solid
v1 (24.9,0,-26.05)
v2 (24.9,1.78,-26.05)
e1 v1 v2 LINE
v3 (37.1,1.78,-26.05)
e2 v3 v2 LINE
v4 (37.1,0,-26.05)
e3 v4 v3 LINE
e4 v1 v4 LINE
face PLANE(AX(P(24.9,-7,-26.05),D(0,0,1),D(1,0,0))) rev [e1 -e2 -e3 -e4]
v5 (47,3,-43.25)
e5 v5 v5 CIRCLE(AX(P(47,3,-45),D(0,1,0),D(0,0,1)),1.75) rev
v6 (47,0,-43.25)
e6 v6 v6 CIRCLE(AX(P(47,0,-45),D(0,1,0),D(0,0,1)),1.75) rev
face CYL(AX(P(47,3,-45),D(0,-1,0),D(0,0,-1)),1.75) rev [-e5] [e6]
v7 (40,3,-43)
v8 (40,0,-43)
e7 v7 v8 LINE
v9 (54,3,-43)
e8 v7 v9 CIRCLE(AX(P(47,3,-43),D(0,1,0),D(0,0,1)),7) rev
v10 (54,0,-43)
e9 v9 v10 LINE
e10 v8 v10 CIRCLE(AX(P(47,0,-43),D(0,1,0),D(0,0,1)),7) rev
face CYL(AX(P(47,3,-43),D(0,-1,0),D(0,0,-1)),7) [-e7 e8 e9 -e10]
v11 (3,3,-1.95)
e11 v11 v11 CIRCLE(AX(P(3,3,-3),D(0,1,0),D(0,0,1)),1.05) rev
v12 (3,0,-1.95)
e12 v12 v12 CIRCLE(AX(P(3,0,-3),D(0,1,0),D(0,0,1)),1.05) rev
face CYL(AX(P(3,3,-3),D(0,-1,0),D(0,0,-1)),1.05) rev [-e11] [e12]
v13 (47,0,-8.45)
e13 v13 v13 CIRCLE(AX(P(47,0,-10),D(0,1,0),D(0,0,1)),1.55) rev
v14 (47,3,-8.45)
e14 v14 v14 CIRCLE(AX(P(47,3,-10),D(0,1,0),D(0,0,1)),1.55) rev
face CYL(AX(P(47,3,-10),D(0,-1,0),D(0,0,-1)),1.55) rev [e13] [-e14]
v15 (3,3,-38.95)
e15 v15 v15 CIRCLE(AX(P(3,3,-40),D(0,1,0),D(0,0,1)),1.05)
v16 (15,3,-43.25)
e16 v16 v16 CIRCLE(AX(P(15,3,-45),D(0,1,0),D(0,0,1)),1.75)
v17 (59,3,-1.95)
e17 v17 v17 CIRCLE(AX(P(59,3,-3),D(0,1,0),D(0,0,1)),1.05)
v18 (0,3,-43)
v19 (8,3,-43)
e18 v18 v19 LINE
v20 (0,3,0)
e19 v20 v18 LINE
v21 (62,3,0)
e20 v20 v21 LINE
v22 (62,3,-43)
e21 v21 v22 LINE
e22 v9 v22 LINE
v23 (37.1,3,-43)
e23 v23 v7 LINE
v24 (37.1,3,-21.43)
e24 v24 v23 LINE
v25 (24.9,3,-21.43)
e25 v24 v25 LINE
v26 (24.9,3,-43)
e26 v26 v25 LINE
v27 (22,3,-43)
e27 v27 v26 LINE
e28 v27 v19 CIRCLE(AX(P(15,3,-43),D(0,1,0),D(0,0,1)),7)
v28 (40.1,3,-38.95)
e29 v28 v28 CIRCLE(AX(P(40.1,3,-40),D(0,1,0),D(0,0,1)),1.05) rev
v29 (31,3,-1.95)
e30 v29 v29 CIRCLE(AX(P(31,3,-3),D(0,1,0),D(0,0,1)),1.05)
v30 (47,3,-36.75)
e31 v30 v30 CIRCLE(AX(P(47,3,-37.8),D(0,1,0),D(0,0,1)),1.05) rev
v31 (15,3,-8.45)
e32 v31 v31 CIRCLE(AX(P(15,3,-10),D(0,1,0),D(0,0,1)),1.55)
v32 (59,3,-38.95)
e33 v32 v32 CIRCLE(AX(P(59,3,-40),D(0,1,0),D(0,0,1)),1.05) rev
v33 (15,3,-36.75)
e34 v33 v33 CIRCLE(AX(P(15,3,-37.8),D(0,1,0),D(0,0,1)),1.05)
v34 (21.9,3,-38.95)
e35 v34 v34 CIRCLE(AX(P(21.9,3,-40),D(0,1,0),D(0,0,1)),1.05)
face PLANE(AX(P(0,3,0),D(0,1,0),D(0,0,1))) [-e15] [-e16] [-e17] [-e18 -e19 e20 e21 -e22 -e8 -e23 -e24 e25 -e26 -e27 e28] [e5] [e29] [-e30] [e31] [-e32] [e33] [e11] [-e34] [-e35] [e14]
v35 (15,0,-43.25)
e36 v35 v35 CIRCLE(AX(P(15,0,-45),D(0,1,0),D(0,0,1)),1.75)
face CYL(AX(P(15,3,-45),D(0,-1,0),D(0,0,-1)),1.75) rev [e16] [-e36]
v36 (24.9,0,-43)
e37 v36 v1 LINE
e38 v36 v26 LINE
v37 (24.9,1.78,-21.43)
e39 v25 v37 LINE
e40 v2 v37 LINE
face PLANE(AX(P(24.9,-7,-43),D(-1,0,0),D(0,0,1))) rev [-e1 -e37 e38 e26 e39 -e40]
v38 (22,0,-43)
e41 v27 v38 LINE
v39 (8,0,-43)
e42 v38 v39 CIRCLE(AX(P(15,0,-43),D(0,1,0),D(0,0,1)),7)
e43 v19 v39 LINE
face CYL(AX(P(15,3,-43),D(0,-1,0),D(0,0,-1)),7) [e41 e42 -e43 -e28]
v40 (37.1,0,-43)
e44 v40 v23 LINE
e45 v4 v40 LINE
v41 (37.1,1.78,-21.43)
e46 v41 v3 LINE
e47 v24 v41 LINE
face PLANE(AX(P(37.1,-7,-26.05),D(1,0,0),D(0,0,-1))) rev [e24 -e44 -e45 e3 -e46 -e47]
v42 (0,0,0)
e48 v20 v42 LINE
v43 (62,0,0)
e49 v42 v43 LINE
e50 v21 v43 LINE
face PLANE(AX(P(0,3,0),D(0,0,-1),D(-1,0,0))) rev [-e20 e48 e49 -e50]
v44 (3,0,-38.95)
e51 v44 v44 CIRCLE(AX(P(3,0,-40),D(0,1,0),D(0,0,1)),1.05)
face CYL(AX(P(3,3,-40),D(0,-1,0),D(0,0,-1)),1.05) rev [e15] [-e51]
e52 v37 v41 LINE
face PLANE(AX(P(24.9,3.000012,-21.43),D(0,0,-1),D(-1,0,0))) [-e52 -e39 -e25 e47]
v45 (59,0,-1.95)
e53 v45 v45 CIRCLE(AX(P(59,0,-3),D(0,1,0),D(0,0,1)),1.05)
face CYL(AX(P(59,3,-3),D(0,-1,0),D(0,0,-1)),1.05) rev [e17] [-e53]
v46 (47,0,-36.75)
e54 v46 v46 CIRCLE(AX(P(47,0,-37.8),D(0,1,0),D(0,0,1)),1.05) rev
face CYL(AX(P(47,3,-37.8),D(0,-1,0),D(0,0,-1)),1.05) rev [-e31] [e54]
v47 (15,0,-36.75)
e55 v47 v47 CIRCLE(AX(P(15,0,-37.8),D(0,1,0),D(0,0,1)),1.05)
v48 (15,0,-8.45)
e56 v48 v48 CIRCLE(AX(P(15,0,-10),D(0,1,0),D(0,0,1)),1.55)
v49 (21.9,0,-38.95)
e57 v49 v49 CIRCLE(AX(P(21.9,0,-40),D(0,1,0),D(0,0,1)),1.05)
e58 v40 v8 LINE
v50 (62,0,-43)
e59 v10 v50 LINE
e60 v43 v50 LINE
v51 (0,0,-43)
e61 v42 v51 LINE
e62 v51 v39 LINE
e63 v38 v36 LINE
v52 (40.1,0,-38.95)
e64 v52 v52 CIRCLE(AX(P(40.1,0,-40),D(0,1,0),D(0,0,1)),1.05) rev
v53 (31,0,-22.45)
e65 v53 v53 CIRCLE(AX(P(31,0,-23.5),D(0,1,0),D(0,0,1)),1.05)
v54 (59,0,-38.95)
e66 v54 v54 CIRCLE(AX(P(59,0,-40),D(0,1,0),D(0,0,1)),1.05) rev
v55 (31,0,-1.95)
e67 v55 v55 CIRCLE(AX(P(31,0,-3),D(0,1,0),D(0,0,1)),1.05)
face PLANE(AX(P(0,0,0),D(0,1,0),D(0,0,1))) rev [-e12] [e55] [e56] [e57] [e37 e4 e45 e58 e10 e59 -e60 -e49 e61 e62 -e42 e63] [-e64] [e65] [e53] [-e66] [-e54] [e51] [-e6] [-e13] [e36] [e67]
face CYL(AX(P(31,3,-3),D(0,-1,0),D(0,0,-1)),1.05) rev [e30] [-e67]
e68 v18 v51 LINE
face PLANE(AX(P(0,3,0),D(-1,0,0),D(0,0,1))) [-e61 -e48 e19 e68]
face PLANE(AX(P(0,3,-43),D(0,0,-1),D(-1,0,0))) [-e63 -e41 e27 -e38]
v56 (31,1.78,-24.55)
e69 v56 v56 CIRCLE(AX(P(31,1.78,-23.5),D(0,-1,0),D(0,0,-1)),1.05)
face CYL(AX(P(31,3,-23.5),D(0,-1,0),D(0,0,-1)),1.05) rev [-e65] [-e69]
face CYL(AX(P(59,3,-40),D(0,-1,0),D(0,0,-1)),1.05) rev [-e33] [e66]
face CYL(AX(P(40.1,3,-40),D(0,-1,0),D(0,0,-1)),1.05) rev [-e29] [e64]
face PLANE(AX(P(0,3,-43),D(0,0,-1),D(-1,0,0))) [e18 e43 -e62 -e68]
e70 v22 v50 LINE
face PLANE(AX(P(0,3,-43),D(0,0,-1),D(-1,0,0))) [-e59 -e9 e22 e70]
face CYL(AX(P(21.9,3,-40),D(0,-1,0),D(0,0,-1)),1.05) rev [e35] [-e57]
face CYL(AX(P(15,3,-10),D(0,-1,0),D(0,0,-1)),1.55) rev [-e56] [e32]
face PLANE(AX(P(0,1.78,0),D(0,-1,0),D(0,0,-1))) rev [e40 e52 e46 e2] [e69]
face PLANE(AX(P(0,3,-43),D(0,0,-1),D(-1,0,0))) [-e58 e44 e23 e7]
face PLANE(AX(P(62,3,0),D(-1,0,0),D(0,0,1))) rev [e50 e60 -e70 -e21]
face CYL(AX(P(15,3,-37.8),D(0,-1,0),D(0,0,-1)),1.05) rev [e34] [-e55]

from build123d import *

# Parameters (mm, degrees)
SKETCH_1_R               = 1.05
SKETCH_1_R_2             = 1.55
SKETCH_1_R_3             = 1.75
EXTRUDE_1_DEPTH          = 3
CUT_EXTRUDE_1_DEPTH      = 10
SKETCH_5_W               = 12.2
SKETCH_5_H               = 4.62
CUT_EXTRUDE_3_DEPTH      = 1
CUT_EXTRUDE_3_DEPTH_BACK = 1.22


with BuildPart() as part:
    # 草图1 → 凸台-拉伸1 (new body)
    with BuildSketch(Plane(origin=(0, 0, 0), x_dir=(1, 0, 0), z_dir=(0, 1, 0))):
        with BuildLine():
            Line((0, 43), (0, 0))
            Line((0, 0), (62, 0))
            Line((62, 0), (62, 43))
            Line((62, 43), (54, 43))
            ThreePointArc((54, 43), (47, 50), (40, 43))
            Line((40, 43), (22, 43))
            ThreePointArc((22, 43), (15, 50), (8, 43))
            Line((8, 43), (0, 43))
        make_face()
        with Locations((3, 3)):
            Circle(SKETCH_1_R, mode=Mode.SUBTRACT)
        with Locations((15, 10)):
            Circle(SKETCH_1_R_2, mode=Mode.SUBTRACT)
        with Locations((31, 3)):
            Circle(SKETCH_1_R, mode=Mode.SUBTRACT)
        with Locations((59, 3)):
            Circle(SKETCH_1_R, mode=Mode.SUBTRACT)
        with Locations((47, 10)):
            Circle(SKETCH_1_R_2, mode=Mode.SUBTRACT)
        with Locations((31, 23.5)):
            Circle(SKETCH_1_R, mode=Mode.SUBTRACT)
        with Locations((3, 40)):
            Circle(SKETCH_1_R, mode=Mode.SUBTRACT)
        with Locations((15, 37.8)):
            Circle(SKETCH_1_R, mode=Mode.SUBTRACT)
        with Locations((21.9, 40)):
            Circle(SKETCH_1_R, mode=Mode.SUBTRACT)
        with Locations((40.1, 40)):
            Circle(SKETCH_1_R, mode=Mode.SUBTRACT)
        with Locations((47, 37.8)):
            Circle(SKETCH_1_R, mode=Mode.SUBTRACT)
        with Locations((59, 40)):
            Circle(SKETCH_1_R, mode=Mode.SUBTRACT)
        with Locations((15, 45)):
            Circle(SKETCH_1_R_3, mode=Mode.SUBTRACT)
        with Locations((47, 45)):
            Circle(SKETCH_1_R_3, mode=Mode.SUBTRACT)
    extrude(amount=EXTRUDE_1_DEPTH)

    # 草图2 → 切除-拉伸1 (cut)
    with BuildSketch(Plane(origin=(0, 3, 0), x_dir=(1, 0, 0), z_dir=(0, 1, 0))):
        Polygon((31, 43), (37.1, 43), (37.1, 26.05), (24.9, 26.05), (24.9, 43), align=None)
    extrude(amount=-CUT_EXTRUDE_1_DEPTH, mode=Mode.SUBTRACT)

    # 草图5 → 切除-拉伸3 (cut, two sides)
    with BuildSketch(Plane(origin=(0, 3, 0), x_dir=(1, 0, 0), z_dir=(0, 1, 0))) as cut_extrude_3_sk:
        with Locations((31, 23.74)):
            Rectangle(SKETCH_5_W, SKETCH_5_H)
    extrude(amount=CUT_EXTRUDE_3_DEPTH, mode=Mode.SUBTRACT)
    extrude(cut_extrude_3_sk.sketch, amount=-CUT_EXTRUDE_3_DEPTH_BACK, mode=Mode.SUBTRACT)


solid = part.part
